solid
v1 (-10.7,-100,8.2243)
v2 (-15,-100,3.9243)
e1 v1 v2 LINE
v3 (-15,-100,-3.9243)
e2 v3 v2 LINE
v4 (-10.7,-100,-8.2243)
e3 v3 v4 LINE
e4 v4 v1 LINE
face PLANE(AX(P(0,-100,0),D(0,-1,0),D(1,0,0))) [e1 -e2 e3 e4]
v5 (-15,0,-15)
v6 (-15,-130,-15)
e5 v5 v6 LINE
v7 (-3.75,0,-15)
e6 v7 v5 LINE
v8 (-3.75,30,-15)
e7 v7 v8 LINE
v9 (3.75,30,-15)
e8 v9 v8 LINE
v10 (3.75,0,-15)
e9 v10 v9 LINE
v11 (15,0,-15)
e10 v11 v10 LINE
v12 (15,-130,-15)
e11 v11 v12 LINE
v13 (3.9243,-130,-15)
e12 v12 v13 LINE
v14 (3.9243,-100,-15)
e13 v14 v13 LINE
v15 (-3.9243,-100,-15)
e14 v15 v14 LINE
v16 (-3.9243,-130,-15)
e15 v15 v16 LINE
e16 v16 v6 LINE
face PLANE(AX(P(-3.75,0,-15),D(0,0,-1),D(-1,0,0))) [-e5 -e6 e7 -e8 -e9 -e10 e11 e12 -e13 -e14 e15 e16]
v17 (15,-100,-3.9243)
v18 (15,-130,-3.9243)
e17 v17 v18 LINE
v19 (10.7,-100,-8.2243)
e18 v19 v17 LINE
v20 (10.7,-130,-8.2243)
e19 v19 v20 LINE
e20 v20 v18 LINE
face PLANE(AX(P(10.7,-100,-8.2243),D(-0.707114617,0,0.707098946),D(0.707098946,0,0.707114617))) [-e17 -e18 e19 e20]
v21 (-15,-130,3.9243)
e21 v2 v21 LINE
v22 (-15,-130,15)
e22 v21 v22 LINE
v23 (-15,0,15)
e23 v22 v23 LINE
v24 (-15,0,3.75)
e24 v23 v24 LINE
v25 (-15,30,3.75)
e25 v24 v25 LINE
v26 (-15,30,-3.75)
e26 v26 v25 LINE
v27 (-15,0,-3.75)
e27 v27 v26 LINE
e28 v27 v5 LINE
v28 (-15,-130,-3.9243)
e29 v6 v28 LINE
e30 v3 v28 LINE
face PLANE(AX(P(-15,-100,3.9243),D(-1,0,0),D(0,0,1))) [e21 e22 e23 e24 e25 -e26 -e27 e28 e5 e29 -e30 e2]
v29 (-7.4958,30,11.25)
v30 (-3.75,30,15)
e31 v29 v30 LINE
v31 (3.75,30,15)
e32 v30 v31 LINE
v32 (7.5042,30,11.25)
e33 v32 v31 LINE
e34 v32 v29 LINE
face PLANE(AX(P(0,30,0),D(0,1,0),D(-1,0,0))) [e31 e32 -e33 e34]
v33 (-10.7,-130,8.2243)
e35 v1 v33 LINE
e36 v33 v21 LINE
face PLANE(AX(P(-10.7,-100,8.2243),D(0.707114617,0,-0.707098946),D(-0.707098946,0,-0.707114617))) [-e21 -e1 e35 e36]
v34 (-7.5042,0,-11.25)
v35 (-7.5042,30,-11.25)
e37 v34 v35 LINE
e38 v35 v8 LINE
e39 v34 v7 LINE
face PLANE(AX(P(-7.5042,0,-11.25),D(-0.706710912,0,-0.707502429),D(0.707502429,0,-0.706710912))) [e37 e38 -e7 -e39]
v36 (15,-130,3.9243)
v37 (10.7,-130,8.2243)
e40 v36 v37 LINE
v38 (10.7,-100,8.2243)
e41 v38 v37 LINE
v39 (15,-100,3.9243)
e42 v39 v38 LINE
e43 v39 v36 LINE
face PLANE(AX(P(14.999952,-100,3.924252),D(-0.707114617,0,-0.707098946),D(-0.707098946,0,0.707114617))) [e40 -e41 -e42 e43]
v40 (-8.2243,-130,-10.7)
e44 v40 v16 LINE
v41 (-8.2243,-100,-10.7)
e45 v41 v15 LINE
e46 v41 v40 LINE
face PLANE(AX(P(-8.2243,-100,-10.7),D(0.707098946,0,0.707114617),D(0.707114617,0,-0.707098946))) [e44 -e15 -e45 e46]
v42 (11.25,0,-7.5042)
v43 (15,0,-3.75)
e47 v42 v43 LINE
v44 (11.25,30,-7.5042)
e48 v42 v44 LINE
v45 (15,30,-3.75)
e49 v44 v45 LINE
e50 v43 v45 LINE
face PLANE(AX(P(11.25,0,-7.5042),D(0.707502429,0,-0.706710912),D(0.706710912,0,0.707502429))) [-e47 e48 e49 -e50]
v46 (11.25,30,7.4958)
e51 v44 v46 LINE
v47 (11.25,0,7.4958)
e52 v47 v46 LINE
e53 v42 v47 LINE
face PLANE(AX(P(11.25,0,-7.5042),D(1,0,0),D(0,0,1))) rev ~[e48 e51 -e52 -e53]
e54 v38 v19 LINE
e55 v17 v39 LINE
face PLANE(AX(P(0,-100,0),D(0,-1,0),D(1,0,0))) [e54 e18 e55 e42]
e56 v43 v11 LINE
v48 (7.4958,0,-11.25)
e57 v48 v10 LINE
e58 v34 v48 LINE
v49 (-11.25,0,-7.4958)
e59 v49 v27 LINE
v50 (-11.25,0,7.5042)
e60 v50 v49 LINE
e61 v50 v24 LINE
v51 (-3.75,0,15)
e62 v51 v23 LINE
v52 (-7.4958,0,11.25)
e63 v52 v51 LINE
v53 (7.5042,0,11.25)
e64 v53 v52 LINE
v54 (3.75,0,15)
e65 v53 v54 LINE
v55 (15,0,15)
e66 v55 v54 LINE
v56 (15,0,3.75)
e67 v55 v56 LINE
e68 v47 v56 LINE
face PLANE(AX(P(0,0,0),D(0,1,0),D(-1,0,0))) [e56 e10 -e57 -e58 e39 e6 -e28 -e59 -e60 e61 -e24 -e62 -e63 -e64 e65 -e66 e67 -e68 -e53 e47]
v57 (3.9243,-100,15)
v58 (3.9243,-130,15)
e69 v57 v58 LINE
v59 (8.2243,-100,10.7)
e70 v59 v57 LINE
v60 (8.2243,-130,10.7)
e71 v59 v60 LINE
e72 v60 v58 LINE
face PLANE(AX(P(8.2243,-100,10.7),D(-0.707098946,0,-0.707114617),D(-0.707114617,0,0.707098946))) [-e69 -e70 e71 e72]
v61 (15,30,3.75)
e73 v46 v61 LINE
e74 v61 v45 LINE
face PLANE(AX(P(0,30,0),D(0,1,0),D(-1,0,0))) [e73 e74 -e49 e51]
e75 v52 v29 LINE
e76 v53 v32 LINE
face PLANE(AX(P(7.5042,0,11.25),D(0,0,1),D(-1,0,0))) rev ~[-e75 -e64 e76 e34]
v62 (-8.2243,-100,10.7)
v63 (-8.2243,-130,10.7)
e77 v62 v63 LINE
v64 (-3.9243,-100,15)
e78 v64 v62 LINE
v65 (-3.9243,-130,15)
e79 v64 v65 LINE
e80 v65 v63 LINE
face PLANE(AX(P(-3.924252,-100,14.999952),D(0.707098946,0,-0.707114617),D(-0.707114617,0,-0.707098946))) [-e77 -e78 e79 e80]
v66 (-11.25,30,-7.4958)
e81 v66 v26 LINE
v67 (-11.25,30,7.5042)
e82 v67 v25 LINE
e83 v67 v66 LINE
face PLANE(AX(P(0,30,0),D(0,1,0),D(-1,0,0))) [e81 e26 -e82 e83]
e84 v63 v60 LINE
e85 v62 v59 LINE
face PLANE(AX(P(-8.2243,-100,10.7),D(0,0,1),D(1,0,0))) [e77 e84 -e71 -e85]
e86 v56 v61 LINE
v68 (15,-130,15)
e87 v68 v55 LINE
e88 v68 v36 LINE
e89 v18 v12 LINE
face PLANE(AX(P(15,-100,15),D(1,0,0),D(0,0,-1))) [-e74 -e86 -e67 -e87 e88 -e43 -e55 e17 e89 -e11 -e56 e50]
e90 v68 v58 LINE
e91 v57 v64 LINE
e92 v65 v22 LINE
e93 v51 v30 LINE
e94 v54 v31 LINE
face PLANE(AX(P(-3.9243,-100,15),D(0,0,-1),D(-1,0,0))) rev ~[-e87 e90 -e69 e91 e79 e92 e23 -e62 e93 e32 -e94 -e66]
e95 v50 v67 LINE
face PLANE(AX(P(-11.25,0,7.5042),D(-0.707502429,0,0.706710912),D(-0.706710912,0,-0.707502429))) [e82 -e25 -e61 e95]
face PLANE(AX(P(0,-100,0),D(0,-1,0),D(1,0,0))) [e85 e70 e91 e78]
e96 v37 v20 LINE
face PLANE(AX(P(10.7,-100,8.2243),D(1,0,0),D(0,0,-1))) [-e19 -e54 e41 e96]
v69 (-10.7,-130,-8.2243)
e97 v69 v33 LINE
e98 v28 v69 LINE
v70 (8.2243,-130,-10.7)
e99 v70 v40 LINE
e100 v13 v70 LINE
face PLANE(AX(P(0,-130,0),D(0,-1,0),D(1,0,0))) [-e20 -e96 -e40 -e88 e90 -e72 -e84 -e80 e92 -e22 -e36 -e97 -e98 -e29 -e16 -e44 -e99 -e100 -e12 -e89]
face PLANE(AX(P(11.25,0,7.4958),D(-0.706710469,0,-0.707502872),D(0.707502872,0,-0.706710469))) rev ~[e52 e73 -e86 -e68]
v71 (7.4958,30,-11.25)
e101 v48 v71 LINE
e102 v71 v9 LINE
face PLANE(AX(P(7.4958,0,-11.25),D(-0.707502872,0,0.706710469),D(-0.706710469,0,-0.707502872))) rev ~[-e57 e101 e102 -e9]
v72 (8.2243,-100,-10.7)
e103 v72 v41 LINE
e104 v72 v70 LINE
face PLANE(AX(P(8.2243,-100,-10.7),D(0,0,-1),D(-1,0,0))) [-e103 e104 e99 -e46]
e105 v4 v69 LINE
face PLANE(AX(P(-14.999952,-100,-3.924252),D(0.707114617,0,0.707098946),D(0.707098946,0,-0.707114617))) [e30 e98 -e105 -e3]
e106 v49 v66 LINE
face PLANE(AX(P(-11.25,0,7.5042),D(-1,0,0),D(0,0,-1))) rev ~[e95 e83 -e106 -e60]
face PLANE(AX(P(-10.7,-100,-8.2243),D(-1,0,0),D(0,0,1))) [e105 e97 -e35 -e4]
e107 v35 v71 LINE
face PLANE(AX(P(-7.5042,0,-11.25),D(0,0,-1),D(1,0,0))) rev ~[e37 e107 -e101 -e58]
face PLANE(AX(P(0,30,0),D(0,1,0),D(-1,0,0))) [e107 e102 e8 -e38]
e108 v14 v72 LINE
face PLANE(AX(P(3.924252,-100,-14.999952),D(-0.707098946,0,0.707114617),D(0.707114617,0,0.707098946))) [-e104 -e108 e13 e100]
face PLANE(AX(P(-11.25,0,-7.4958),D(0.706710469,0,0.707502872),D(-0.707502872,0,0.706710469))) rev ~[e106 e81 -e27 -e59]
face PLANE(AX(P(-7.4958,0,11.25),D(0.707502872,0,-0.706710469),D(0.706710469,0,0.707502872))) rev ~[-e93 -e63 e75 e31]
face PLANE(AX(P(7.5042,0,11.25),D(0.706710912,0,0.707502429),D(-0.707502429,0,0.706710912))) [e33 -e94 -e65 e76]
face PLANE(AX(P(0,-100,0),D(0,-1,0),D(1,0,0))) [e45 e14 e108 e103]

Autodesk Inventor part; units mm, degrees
ref_plane "YZ Plane" through (0, 0, 0) normal (1, 0, 0) x (0, 1, 0)
ref_plane "XZ Plane" through (0, 0, 0) normal (0, 1, 0) x (-1, 0, 0)
ref_plane "XY Plane" through (0, 0, 0) normal (0, 0, 1) x (1, 0, 0)
sketch "Skizze1" plane through (0, 0, 0) normal (0, 1, 0) x (-1, 0, 0)
  line L0 (15, 15) -> (-15, 15)
  line L1 (-15, 15) -> (-15, -15)
  line L2 (-15, -15) -> (15, -15)
  line L3 (15, -15) -> (15, 15)
  line L4 (15, 0) -> (11, 0) construction
  line L5 (11.25, 7.5042) -> (11.25, -7.4958)
  line L6 (15, 3.75) -> (15, -3.75)
  line L7 (11.25, 7.5042) -> (15, 3.75)
  line L8 (11.25, -7.4958) -> (15, -3.75)
  line L9 (-7.5042, 11.25) -> (-3.75, 15)
  line L10 (-7.5042, 11.25) -> (7.4958, 11.25)
  line L11 (7.4958, 11.25) -> (3.75, 15)
  line L12 (15, 15) -> (-15, 15)
  line L13 (-11.25, -7.5042) -> (-15, -3.75)
  line L14 (-11.25, -7.5042) -> (-11.25, 7.4958)
  line L15 (-11.25, 7.4958) -> (-15, 3.75)
  line L16 (-15, 15) -> (-15, -15)
  line L17 (7.5042, -11.25) -> (3.75, -15)
  line L18 (7.5042, -11.25) -> (-7.4958, -11.25)
  line L19 (-7.4958, -11.25) -> (-3.75, -15)
  line L20 (-15, -15) -> (15, -15)
  line L21 (15, -15) -> (-15, -15)
  line L22 (-15, -15) -> (-15, 15)
  line L23 (-15, 15) -> (15, 15)
  line L24 (15, 15) -> (15, -15)
  point P0 (0, 0)
  point P1 (0, 15)
  point P2 (-15, 0)
  point P3 (0, -15)
  point P4 (-3.75, -15)
  point P5 (3.75, -15)
  point P6 (-15, 3.75)
  point P7 (-15, -3.75)
  point P8 (3.75, 15)
  point P9 (-3.75, 15)
  dimension "d0" = 15
  dimension "d1" = 30
  dimension "d2" = 30
  dimension "d3" = 15
  dimension "d4" = 4
  dimension "d5" = 15
  dimension "d6" = 7.5
  dimension "d7" = 7.5
  dimension "d8" = 3.75
  dimension "d11" = 360
extrude "Extrusion1" add sketch "Skizze1" along normal blind 30 contours L11 L10 L9 L0 | L3 L8 L5 L7 | L15 L14 L13 L1 | L2 L19 L18 L17
extrude "Extrusion2" add sketch "Skizze1" against normal blind 70
sketch "Skizze4" plane through (0, -70, 0) normal (0, -1, 0) x (1, 0, 0)
  line L0 (-15.2121, -3.7121) -> (-10.7, -8.2243)
  line L1 (-10.7, -8.2243) -> (-10.7, 8.2243)
  line L2 (-10.7, 8.2243) -> (-15.2121, 3.7121)
  line L3 (-15, -3.9243) -> (-15, 3.9243)
  line L4 (3.7121, -15.2121) -> (8.2243, -10.7)
  line L5 (8.2243, -10.7) -> (-8.2243, -10.7)
  line L6 (-8.2243, -10.7) -> (-3.7121, -15.2121)
  line L7 (3.9243, -15) -> (-3.9243, -15)
  line L8 (15.2121, 3.7121) -> (10.7, 8.2243)
  line L9 (10.7, 8.2243) -> (10.7, -8.2243)
  line L10 (10.7, -8.2243) -> (15.2121, -3.7121)
  line L11 (15, 3.9243) -> (15, -3.9243)
  line L12 (-3.7121, 15.2121) -> (-8.2243, 10.7)
  line L13 (-8.2243, 10.7) -> (8.2243, 10.7)
  line L14 (8.2243, 10.7) -> (3.7121, 15.2121)
  line L15 (-3.9243, 15) -> (3.9243, 15)
  line L16 (-15, 15) -> (-3.75, 15) projected
  line L17 (-15, 15) -> (15, 15)
  line L18 (15, 15) -> (15, -15)
  line L19 (15, -15) -> (-15, -15)
  line L20 (-15, -15) -> (-15, 15)
  point P0 (0, 0)
  point P1 (0, 0)
  point P2 (-290.3305, 55.2757)
  point P3 (-298.179, 55.2757)
  point P4 (-3.9243, 15)
  dimension "d27" = 360
extrude "Extrusion4" add sketch "Skizze4" along normal blind 30
sketch "Skizze5" plane through (0, -100, 0) normal (0, -1, 0) x (1, 0, 0)
  line L0 (18.5438, 0) -> (-21.4353, 0) construction
  line L1 (-11, 7.5) -> (-11, -7.5)
  line L2 (-11, 7.5) -> (-15, 3.5)
  line L3 (-11, -7.5) -> (-15, -3.5)
  line L4 (-15.2121, -3.7121) -> (-10.7, -8.2243)
  line L5 (-10.7, -8.2243) -> (-10.7, 8.2243)
  line L6 (-10.7, 8.2243) -> (-15.2121, 3.7121)
  line L7 (-15, -3.9243) -> (-15, 3.9243)
  line L8 (3.7121, -15.2121) -> (8.2243, -10.7)
  line L9 (8.2243, -10.7) -> (-8.2243, -10.7)
  line L10 (-8.2243, -10.7) -> (-3.7121, -15.2121)
  line L11 (3.9243, -15) -> (-3.9243, -15)
  line L12 (15.2121, 3.7121) -> (10.7, 8.2243)
  line L13 (10.7, 8.2243) -> (10.7, -8.2243)
  line L14 (10.7, -8.2243) -> (15.2121, -3.7121)
  line L15 (15, 3.9243) -> (15, -3.9243)
  line L16 (-3.7121, 15.2121) -> (-8.2243, 10.7)
  line L17 (-8.2243, 10.7) -> (8.2243, 10.7)
  line L18 (8.2243, 10.7) -> (3.7121, 15.2121)
  line L19 (-3.9243, 15) -> (3.9243, 15)
  line L20 (15, 15) -> (-15, 15) projected
  line L21 (3.9243, 15) -> (15, 15)
  line L22 (15, 15) -> (15, 3.9243)
  line L23 (15, -3.9243) -> (15, -15)
  line L24 (15, -15) -> (3.9243, -15)
  line L25 (-3.9243, -15) -> (-15, -15)
  line L26 (-15, -15) -> (-15, -3.9243)
  line L27 (-15, 3.9243) -> (-15, 15)
  line L28 (-15, 15) -> (-3.9243, 15)
  point P0 (0, 0)
  dimension "d34" = 15
  dimension "d38" = 0.3
  dimension "d39" = 360
extrude "Extrusion5" add sketch "Skizze5" along normal blind 30 contours L27 L20 L16 L17 L18 L22 L12 L13 L14 L23 L24 L8 L9 L10 L25 L26 L4 L5 L6
equation "\"d0\" = 0.5 * d1"
equation "\"d3\" = 0.5 * d2"
equation "\"d6\" = 0.5 * d5"
equation "\"d8\" = 0.5 * d7"
properties part number "TestEbene2"
